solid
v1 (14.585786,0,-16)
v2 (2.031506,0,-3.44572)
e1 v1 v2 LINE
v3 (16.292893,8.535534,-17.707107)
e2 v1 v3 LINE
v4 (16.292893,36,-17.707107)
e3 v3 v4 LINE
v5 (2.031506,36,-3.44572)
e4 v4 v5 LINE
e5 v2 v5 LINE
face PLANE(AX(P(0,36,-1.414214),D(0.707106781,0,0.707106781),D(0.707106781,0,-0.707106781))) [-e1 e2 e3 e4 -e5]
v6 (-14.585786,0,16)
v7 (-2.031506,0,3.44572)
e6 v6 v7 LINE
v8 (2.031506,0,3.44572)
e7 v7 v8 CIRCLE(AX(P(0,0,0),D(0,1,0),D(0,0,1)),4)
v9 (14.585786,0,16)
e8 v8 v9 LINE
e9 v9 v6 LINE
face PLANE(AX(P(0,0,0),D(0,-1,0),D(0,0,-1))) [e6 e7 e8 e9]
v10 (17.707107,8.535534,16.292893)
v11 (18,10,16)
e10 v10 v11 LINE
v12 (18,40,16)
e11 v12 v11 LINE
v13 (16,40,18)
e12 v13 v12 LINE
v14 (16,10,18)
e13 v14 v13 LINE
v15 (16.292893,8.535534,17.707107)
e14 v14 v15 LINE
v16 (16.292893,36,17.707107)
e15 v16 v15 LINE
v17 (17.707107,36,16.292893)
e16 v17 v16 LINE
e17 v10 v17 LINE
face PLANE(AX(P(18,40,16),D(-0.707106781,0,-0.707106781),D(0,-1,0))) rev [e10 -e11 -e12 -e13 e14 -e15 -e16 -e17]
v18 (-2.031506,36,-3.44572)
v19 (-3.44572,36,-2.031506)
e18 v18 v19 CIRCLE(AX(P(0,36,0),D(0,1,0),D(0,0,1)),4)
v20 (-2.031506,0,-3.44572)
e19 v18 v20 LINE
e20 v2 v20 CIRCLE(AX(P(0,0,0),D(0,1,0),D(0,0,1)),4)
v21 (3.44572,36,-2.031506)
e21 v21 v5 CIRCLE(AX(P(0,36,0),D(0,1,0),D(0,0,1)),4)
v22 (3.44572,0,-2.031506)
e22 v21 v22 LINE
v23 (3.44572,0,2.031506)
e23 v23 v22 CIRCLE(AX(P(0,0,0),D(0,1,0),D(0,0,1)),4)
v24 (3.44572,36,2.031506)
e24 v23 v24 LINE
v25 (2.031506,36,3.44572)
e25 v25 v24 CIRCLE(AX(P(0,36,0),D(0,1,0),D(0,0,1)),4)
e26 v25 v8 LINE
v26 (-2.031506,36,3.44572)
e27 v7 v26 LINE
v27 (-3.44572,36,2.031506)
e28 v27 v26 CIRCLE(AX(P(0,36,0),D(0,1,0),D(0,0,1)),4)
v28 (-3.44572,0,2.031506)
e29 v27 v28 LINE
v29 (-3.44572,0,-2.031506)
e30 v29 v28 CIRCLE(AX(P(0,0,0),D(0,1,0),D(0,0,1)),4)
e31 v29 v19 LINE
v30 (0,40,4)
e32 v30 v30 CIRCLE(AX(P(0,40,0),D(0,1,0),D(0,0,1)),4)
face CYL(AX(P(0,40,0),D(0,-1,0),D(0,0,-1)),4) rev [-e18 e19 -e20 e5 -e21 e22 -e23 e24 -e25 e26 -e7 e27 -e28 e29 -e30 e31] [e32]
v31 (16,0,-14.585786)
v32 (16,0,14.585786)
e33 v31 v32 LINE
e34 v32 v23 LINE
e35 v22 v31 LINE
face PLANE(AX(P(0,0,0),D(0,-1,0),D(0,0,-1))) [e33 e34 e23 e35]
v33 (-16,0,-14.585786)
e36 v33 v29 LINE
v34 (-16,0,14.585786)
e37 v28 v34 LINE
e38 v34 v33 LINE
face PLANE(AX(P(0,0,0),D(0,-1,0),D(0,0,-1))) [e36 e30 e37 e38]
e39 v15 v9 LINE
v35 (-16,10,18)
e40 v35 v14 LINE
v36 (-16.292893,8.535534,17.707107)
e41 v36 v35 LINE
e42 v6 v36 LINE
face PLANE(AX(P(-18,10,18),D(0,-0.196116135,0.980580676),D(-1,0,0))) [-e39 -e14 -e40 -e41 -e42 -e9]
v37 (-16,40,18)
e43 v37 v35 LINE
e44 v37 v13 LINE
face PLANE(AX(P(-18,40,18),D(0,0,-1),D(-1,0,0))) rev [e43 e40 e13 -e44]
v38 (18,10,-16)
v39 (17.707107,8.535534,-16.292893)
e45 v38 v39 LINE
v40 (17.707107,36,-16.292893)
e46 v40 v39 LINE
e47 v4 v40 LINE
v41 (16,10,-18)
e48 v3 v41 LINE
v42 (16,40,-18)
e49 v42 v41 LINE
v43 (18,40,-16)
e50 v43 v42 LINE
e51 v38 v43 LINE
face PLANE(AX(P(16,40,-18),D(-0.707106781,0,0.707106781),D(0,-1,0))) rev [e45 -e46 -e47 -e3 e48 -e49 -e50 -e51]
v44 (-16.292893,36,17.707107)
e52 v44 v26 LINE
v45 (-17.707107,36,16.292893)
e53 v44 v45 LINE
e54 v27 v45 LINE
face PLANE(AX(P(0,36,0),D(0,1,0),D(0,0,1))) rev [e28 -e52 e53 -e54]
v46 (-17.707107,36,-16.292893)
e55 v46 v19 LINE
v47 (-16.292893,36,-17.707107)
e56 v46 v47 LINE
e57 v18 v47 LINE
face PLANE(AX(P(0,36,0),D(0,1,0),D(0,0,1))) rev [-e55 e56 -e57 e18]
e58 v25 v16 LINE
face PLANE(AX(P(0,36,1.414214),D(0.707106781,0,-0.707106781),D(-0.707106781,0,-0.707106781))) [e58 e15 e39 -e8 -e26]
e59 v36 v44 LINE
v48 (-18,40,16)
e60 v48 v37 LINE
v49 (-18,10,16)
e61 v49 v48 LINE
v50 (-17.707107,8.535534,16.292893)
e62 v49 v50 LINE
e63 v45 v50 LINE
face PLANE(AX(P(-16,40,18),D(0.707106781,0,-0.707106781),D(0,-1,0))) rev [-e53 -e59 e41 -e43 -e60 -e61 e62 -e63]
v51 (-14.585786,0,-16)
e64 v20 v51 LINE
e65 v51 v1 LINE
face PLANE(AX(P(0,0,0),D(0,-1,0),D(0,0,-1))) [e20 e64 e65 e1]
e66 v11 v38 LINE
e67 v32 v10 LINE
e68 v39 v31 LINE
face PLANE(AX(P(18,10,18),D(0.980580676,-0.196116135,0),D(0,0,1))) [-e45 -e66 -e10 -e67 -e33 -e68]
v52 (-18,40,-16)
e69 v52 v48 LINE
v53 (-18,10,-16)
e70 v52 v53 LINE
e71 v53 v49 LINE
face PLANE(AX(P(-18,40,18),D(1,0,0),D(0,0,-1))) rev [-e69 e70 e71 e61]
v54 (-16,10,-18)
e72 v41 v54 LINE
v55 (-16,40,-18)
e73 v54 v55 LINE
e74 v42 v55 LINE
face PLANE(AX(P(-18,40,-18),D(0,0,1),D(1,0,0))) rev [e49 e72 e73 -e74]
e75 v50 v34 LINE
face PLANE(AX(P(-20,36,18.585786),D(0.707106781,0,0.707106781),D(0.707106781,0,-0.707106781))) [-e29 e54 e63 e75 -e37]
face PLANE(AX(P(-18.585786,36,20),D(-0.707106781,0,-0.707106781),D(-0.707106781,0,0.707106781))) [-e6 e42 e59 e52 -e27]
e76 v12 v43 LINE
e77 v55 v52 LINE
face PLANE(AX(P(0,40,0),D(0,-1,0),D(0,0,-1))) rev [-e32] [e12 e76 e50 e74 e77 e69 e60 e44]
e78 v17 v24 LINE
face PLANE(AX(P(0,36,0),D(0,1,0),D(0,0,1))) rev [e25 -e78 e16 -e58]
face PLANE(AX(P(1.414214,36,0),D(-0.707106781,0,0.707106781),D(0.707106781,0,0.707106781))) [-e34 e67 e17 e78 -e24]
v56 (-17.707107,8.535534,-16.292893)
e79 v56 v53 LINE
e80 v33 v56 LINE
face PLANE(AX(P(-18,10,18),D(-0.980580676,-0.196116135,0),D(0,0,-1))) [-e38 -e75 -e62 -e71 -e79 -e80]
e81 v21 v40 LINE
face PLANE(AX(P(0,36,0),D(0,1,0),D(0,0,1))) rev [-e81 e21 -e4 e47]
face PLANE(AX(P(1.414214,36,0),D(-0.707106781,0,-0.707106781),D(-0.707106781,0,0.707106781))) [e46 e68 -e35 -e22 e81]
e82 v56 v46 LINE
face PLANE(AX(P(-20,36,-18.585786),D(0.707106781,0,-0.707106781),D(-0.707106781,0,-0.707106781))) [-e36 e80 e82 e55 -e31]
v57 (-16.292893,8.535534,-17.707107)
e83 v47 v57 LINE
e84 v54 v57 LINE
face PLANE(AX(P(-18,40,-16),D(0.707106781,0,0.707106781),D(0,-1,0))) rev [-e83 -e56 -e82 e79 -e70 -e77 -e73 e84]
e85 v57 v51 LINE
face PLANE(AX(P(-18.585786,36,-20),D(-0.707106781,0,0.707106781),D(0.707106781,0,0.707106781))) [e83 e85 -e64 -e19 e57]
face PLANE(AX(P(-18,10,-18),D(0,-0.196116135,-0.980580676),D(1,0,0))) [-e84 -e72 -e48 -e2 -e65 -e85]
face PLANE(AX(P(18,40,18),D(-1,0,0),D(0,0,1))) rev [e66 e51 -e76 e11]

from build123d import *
from OCP.BRepFilletAPI import BRepFilletAPI_MakeChamfer

# Parameters (mm, degrees)
SKETCH1_W           = 36
SKETCH1_H           = 36
SKETCH1_R           = 4
BOSS_EXTRUDE1_DEPTH = 40
CUT_EXTRUDE1_DEPTH  = 36
CHAMFER1_SIZE       = 2
CHAMFER2_SIZE       = 2
CHAMFER2_SIZE2      = 10


with BuildPart() as part:
    # Sketch1 → Boss-Extrude1 (new body)
    with BuildSketch(Plane(origin=(0, 0, 0), x_dir=(1, 0, 0), z_dir=(0, 1, 0))):
        Rectangle(SKETCH1_W, SKETCH1_H)
        with Locations(Location((0, 0, 0), (0, 0, 270))):
            Circle(SKETCH1_R, mode=Mode.SUBTRACT)
    extrude(amount=BOSS_EXTRUDE1_DEPTH)

    # Sketch2 → Cut-Extrude1 (cut)
    with BuildSketch(Plane(origin=(0, 0, 0), x_dir=(1, 0, 0), z_dir=(0, 1, 0))):
        Polygon((-18.585786438, -20), (0, -1.414213562), (18.585786438, -20), (20, -20), (20, -18.585786438), (1.414213562, 0), (20, 18.585786438), (20, 20), (18.585786438, 20), (0, 1.414213562), (-18.585786438, 20), (-20, 20), (-20, 18.585786438), (-1.414213562, 0), (-20, -18.585786438), (-20, -20), align=None)
    extrude(amount=CUT_EXTRUDE1_DEPTH, mode=Mode.SUBTRACT)

    # Chamfer1
    chamfer1_edges = [part.edges().sort_by_distance(p)[0] for p in [
        (-18, 38, -18),
        (18, 38, -18),
        (-18, 38, 18),
        (18, 38, 18),
    ]]
    chamfer(chamfer1_edges, length=CHAMFER1_SIZE)

    # Chamfer2: one chamfer whose edges measure the first distance from different faces: ONE call of the kernel's chamfer builder (chamfer() names one face for all edges)
    chamfer2_edges_1 = [part.edges().sort_by_distance(p)[0] for p in [
        (0, 0, -18),
    ]]
    chamfer2_side_1 = [part.faces().sort_by_distance(p)[0] for p in [
        (0, 0, -12.666463052),
    ]]
    chamfer2_edges_2 = [part.edges().sort_by_distance(p)[0] for p in [
        (18, 0, 0),
    ]]
    chamfer2_side_2 = [part.faces().sort_by_distance(p)[0] for p in [
        (12.666463052, 0, 0),
    ]]
    chamfer2_edges_3 = [part.edges().sort_by_distance(p)[0] for p in [
        (0, 0, 18),
    ]]
    chamfer2_side_3 = [part.faces().sort_by_distance(p)[0] for p in [
        (0, 0, 12.666463052),
    ]]
    chamfer2_edges_4 = [part.edges().sort_by_distance(p)[0] for p in [
        (-18, 0, 0),
    ]]
    chamfer2_side_4 = [part.faces().sort_by_distance(p)[0] for p in [
        (-12.666463052, 0, 0),
    ]]
    chamfer2 = BRepFilletAPI_MakeChamfer(part.part.solid().wrapped)
    for e in chamfer2_edges_1:
        chamfer2.Add(CHAMFER2_SIZE, CHAMFER2_SIZE2, e.wrapped, chamfer2_side_1[0].wrapped)  # the first distance lies on this face
    for e in chamfer2_edges_2:
        chamfer2.Add(CHAMFER2_SIZE, CHAMFER2_SIZE2, e.wrapped, chamfer2_side_2[0].wrapped)  # the first distance lies on this face
    for e in chamfer2_edges_3:
        chamfer2.Add(CHAMFER2_SIZE, CHAMFER2_SIZE2, e.wrapped, chamfer2_side_3[0].wrapped)  # the first distance lies on this face
    for e in chamfer2_edges_4:
        chamfer2.Add(CHAMFER2_SIZE, CHAMFER2_SIZE2, e.wrapped, chamfer2_side_4[0].wrapped)  # the first distance lies on this face
    add(Compound.cast(chamfer2.Shape()), mode=Mode.REPLACE)


solid = part.part
